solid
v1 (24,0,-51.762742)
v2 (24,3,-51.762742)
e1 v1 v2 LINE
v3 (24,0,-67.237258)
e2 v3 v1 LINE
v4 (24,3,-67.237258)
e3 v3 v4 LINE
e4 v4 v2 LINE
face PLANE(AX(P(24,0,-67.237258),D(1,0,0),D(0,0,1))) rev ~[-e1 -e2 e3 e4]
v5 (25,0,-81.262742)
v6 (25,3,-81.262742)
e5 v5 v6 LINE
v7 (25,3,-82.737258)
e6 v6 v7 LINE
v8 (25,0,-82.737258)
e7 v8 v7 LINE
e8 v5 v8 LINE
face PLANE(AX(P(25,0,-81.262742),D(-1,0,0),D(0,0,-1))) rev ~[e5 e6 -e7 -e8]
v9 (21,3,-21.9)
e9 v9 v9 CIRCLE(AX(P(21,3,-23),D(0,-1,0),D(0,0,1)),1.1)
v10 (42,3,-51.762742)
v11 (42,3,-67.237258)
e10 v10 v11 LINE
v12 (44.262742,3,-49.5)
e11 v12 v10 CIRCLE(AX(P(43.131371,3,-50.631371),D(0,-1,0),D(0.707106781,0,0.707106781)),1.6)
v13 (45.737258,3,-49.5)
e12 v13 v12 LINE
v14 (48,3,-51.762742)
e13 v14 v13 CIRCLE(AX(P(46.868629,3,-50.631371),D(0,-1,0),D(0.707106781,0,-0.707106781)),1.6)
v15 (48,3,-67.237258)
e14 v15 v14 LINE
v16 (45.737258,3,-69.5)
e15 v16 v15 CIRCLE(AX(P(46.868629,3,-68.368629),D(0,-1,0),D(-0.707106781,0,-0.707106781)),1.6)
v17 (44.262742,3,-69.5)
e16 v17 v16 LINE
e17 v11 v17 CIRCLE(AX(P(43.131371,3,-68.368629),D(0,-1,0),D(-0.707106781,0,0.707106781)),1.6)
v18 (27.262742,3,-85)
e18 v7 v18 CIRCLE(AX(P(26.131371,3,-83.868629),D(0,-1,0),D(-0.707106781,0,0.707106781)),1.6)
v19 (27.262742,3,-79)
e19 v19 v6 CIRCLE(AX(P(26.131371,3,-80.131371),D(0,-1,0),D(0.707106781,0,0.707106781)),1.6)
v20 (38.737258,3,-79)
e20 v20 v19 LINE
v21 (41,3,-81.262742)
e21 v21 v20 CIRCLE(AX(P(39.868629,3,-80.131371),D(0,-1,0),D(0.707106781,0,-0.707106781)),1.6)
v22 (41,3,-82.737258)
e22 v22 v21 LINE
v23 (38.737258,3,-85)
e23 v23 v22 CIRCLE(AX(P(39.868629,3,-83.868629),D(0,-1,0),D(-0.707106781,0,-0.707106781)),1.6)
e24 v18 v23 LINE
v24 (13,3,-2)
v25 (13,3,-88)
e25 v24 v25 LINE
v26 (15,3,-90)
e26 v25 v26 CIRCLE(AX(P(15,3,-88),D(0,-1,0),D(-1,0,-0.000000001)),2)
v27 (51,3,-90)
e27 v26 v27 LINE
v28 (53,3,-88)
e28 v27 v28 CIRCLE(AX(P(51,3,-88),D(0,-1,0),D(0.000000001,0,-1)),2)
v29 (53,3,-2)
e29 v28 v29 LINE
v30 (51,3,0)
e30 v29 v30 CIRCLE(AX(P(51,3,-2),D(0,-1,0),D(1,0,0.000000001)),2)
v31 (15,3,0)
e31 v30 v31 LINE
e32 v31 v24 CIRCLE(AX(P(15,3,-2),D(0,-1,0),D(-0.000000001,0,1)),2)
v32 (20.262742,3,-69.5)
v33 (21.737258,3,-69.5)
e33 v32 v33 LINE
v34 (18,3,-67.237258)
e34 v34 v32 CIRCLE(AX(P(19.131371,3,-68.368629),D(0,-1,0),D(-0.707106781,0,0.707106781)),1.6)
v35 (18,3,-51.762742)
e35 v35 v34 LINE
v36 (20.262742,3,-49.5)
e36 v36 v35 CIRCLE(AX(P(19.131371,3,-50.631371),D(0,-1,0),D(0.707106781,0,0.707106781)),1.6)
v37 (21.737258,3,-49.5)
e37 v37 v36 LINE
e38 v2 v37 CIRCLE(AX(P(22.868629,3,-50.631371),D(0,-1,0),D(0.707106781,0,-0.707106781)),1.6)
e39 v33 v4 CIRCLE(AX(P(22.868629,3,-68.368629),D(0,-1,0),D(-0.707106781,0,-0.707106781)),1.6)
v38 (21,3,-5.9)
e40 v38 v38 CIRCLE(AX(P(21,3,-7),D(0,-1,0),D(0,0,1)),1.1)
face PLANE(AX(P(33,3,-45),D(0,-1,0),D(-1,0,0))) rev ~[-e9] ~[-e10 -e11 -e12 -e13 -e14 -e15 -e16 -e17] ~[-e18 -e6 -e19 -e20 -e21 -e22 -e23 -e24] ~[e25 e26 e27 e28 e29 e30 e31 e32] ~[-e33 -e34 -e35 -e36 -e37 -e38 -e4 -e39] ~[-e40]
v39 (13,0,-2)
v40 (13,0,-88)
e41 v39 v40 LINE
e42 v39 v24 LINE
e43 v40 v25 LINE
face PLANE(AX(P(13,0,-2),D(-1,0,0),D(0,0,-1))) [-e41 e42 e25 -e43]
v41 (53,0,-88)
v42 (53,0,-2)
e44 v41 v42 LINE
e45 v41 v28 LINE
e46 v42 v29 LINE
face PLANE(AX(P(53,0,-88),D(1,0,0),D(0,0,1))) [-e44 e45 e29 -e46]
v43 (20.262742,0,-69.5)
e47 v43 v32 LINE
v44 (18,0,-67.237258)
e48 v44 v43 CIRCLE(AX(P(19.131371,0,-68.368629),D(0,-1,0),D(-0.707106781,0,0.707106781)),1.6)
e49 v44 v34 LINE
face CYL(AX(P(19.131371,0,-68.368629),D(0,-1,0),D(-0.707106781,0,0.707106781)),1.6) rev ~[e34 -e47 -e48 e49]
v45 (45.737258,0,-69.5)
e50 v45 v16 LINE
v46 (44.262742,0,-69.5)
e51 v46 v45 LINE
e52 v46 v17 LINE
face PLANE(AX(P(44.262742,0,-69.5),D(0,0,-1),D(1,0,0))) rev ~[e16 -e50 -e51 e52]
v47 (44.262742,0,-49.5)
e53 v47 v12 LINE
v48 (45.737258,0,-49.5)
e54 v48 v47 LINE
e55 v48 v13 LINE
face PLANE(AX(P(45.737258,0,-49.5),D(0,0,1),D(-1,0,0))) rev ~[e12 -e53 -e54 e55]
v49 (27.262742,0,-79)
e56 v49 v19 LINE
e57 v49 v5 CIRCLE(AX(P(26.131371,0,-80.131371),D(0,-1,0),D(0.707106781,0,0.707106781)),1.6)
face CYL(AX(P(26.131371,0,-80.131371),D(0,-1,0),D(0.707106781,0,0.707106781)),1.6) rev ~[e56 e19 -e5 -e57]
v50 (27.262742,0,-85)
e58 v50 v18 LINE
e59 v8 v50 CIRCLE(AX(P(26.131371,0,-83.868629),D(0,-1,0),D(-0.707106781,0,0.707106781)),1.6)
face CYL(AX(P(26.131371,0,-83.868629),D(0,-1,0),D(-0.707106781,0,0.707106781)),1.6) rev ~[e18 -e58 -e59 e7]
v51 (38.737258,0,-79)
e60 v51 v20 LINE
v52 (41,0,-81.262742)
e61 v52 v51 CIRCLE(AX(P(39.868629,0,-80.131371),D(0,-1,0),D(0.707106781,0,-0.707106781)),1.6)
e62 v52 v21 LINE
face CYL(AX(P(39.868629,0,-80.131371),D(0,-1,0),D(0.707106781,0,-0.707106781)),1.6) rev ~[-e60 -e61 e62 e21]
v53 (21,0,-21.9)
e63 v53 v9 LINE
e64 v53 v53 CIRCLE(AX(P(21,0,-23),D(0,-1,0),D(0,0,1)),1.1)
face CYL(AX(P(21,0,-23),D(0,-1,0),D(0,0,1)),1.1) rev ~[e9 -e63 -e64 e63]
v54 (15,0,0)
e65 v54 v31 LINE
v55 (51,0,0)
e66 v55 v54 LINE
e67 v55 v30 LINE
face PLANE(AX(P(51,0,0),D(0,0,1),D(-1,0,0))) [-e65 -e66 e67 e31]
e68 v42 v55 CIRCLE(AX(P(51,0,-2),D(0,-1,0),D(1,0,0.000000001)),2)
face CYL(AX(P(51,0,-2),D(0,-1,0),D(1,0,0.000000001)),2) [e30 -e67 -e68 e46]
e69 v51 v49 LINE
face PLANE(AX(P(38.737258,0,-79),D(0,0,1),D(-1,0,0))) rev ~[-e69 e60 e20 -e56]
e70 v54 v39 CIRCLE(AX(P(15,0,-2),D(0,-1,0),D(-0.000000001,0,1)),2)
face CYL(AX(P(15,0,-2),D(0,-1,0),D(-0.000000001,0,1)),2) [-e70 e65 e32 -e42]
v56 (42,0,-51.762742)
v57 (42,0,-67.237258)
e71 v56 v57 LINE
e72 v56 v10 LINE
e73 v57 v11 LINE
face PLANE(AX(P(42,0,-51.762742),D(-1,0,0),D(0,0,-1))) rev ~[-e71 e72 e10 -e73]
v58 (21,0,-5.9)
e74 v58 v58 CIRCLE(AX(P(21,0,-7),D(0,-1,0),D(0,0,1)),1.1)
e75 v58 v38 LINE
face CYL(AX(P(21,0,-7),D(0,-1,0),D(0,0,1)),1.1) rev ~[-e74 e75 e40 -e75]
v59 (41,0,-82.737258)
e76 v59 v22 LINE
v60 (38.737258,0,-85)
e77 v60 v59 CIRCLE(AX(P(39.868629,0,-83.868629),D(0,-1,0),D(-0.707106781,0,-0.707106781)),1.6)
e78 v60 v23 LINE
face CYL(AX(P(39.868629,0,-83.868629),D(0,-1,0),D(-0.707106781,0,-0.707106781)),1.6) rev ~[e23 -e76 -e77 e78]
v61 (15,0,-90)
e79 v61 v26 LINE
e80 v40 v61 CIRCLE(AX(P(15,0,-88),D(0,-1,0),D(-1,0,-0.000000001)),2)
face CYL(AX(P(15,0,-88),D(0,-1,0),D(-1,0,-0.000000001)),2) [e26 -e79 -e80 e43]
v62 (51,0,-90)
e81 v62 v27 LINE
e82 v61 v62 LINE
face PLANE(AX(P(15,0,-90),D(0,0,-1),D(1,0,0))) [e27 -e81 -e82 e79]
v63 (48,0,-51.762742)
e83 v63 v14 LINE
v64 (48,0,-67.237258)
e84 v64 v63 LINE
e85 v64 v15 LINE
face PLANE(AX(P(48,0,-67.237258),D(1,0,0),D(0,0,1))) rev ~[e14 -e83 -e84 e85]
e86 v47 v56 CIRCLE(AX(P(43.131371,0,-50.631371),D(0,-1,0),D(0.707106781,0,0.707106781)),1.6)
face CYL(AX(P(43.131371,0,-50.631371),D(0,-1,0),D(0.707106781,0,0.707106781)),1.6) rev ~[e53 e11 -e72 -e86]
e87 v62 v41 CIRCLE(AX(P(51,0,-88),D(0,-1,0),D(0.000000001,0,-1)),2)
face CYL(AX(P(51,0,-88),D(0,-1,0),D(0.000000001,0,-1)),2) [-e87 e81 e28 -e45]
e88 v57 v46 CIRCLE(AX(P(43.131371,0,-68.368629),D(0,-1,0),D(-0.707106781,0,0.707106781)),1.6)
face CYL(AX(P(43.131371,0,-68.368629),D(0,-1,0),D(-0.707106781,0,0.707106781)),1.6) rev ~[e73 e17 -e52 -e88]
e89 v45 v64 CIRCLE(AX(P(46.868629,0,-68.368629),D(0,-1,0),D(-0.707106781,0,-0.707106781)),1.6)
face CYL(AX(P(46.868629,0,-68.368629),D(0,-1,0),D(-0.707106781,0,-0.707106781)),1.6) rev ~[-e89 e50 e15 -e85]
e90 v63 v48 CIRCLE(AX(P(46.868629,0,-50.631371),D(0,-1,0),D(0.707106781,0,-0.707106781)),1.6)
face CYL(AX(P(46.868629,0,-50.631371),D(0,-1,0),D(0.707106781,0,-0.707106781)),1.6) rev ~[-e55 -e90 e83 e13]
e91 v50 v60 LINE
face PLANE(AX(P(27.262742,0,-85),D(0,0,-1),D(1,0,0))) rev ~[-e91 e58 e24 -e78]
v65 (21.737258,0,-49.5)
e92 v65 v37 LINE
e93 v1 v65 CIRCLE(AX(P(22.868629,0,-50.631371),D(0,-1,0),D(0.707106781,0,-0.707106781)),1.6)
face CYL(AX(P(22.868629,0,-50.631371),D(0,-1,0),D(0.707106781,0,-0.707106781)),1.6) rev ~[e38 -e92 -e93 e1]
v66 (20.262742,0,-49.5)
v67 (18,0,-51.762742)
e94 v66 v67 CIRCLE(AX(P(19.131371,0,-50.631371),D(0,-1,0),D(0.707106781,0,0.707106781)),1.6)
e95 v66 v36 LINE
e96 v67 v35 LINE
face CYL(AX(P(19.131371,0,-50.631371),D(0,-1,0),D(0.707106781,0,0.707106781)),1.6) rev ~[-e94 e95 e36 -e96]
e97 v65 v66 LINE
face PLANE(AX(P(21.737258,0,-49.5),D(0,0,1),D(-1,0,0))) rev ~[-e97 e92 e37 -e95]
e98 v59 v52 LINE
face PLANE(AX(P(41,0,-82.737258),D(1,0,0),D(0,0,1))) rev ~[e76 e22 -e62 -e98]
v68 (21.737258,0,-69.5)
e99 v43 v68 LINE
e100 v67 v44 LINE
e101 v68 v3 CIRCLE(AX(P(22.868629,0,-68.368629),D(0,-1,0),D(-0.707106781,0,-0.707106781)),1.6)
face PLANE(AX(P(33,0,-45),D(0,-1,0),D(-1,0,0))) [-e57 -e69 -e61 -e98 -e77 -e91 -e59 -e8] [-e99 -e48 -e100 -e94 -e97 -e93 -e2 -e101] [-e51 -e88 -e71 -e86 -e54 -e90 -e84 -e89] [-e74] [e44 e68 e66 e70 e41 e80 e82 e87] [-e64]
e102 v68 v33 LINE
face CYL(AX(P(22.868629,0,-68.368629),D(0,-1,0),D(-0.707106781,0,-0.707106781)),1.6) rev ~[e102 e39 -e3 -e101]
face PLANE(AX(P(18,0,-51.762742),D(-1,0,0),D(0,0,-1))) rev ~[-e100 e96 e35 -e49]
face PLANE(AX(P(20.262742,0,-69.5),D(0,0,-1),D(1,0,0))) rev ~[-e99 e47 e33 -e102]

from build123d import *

# Parameters (mm, degrees)
EXTRUSION1_DEPTH        = 3
ESQUISSE2_R             = 1.1
ENL_V_MAT_EXTRU_1_DEPTH = 4


with BuildPart() as part:
    # Esquisse1 → Extrusion1 (new body)
    with BuildSketch(Plane(origin=(0, 0, 0), x_dir=(1, 0, 0), z_dir=(0, 1, 0))):
        with BuildLine():
            Line((13, 2), (13, 88))
            ThreePointArc((13, 88), (13.585786438, 89.414213562), (15, 90))
            Line((15, 90), (51, 90))
            ThreePointArc((51, 90), (52.414213562, 89.414213562), (53, 88))
            Line((53, 88), (53, 2))
            ThreePointArc((53, 2), (52.414213562, 0.585786438), (51, 0))
            Line((51, 0), (15, 0))
            ThreePointArc((15, 0), (13.585786438, 0.585786438), (13, 2))
        make_face()
    extrude(amount=EXTRUSION1_DEPTH)

    # Esquisse2 → Enlèv. mat.-Extru.1 (cut, through all)
    with BuildSketch(Plane.XZ):
        with Locations(Location((21, -7, 0), (0, 0, 90))):  # turned: the seam where the file's is
            Circle(ESQUISSE2_R)
        with Locations(Location((21, -23, 0), (0, 0, 90))):  # turned: the seam where the file's is
            Circle(ESQUISSE2_R)
        with BuildLine():
            Line((41, -82.7372583), (41, -81.2627417))
            ThreePointArc((41, -81.2627417), (41, -79), (38.7372583, -79))
            Line((38.7372583, -79), (27.2627417, -79))
            ThreePointArc((27.2627417, -79), (25, -79), (25, -81.2627417))
            Line((25, -81.2627417), (25, -82.7372583))
            ThreePointArc((25, -82.7372583), (25, -85), (27.2627417, -85))
            Line((27.2627417, -85), (38.7372583, -85))
            ThreePointArc((38.7372583, -85), (41, -85), (41, -82.7372583))
        make_face()
        with BuildLine():
            Line((45.7372583, -49.5), (44.2627417, -49.5))
            ThreePointArc((44.2627417, -49.5), (42, -49.5), (42, -51.7627417))
            Line((42, -51.7627417), (42, -67.2372583))
            ThreePointArc((42, -67.2372583), (42, -69.5), (44.2627417, -69.5))
            Line((44.2627417, -69.5), (45.7372583, -69.5))
            ThreePointArc((45.7372583, -69.5), (48, -69.5), (48, -67.2372583))
            Line((48, -67.2372583), (48, -51.7627417))
            ThreePointArc((48, -51.7627417), (48, -49.5), (45.7372583, -49.5))
        make_face()
        with BuildLine():
            Line((24, -67.2372583), (24, -51.7627417))
            ThreePointArc((24, -51.7627417), (24, -49.5), (21.7372583, -49.5))
            Line((21.7372583, -49.5), (20.2627417, -49.5))
            ThreePointArc((20.2627417, -49.5), (18, -49.5), (18, -51.7627417))
            Line((18, -51.7627417), (18, -67.2372583))
            ThreePointArc((18, -67.2372583), (18, -69.5), (20.2627417, -69.5))
            Line((20.2627417, -69.5), (21.7372583, -69.5))
            ThreePointArc((21.7372583, -69.5), (24, -69.5), (24, -67.2372583))
        make_face()
    extrude(amount=-ENL_V_MAT_EXTRU_1_DEPTH, mode=Mode.SUBTRACT)


solid = part.part
